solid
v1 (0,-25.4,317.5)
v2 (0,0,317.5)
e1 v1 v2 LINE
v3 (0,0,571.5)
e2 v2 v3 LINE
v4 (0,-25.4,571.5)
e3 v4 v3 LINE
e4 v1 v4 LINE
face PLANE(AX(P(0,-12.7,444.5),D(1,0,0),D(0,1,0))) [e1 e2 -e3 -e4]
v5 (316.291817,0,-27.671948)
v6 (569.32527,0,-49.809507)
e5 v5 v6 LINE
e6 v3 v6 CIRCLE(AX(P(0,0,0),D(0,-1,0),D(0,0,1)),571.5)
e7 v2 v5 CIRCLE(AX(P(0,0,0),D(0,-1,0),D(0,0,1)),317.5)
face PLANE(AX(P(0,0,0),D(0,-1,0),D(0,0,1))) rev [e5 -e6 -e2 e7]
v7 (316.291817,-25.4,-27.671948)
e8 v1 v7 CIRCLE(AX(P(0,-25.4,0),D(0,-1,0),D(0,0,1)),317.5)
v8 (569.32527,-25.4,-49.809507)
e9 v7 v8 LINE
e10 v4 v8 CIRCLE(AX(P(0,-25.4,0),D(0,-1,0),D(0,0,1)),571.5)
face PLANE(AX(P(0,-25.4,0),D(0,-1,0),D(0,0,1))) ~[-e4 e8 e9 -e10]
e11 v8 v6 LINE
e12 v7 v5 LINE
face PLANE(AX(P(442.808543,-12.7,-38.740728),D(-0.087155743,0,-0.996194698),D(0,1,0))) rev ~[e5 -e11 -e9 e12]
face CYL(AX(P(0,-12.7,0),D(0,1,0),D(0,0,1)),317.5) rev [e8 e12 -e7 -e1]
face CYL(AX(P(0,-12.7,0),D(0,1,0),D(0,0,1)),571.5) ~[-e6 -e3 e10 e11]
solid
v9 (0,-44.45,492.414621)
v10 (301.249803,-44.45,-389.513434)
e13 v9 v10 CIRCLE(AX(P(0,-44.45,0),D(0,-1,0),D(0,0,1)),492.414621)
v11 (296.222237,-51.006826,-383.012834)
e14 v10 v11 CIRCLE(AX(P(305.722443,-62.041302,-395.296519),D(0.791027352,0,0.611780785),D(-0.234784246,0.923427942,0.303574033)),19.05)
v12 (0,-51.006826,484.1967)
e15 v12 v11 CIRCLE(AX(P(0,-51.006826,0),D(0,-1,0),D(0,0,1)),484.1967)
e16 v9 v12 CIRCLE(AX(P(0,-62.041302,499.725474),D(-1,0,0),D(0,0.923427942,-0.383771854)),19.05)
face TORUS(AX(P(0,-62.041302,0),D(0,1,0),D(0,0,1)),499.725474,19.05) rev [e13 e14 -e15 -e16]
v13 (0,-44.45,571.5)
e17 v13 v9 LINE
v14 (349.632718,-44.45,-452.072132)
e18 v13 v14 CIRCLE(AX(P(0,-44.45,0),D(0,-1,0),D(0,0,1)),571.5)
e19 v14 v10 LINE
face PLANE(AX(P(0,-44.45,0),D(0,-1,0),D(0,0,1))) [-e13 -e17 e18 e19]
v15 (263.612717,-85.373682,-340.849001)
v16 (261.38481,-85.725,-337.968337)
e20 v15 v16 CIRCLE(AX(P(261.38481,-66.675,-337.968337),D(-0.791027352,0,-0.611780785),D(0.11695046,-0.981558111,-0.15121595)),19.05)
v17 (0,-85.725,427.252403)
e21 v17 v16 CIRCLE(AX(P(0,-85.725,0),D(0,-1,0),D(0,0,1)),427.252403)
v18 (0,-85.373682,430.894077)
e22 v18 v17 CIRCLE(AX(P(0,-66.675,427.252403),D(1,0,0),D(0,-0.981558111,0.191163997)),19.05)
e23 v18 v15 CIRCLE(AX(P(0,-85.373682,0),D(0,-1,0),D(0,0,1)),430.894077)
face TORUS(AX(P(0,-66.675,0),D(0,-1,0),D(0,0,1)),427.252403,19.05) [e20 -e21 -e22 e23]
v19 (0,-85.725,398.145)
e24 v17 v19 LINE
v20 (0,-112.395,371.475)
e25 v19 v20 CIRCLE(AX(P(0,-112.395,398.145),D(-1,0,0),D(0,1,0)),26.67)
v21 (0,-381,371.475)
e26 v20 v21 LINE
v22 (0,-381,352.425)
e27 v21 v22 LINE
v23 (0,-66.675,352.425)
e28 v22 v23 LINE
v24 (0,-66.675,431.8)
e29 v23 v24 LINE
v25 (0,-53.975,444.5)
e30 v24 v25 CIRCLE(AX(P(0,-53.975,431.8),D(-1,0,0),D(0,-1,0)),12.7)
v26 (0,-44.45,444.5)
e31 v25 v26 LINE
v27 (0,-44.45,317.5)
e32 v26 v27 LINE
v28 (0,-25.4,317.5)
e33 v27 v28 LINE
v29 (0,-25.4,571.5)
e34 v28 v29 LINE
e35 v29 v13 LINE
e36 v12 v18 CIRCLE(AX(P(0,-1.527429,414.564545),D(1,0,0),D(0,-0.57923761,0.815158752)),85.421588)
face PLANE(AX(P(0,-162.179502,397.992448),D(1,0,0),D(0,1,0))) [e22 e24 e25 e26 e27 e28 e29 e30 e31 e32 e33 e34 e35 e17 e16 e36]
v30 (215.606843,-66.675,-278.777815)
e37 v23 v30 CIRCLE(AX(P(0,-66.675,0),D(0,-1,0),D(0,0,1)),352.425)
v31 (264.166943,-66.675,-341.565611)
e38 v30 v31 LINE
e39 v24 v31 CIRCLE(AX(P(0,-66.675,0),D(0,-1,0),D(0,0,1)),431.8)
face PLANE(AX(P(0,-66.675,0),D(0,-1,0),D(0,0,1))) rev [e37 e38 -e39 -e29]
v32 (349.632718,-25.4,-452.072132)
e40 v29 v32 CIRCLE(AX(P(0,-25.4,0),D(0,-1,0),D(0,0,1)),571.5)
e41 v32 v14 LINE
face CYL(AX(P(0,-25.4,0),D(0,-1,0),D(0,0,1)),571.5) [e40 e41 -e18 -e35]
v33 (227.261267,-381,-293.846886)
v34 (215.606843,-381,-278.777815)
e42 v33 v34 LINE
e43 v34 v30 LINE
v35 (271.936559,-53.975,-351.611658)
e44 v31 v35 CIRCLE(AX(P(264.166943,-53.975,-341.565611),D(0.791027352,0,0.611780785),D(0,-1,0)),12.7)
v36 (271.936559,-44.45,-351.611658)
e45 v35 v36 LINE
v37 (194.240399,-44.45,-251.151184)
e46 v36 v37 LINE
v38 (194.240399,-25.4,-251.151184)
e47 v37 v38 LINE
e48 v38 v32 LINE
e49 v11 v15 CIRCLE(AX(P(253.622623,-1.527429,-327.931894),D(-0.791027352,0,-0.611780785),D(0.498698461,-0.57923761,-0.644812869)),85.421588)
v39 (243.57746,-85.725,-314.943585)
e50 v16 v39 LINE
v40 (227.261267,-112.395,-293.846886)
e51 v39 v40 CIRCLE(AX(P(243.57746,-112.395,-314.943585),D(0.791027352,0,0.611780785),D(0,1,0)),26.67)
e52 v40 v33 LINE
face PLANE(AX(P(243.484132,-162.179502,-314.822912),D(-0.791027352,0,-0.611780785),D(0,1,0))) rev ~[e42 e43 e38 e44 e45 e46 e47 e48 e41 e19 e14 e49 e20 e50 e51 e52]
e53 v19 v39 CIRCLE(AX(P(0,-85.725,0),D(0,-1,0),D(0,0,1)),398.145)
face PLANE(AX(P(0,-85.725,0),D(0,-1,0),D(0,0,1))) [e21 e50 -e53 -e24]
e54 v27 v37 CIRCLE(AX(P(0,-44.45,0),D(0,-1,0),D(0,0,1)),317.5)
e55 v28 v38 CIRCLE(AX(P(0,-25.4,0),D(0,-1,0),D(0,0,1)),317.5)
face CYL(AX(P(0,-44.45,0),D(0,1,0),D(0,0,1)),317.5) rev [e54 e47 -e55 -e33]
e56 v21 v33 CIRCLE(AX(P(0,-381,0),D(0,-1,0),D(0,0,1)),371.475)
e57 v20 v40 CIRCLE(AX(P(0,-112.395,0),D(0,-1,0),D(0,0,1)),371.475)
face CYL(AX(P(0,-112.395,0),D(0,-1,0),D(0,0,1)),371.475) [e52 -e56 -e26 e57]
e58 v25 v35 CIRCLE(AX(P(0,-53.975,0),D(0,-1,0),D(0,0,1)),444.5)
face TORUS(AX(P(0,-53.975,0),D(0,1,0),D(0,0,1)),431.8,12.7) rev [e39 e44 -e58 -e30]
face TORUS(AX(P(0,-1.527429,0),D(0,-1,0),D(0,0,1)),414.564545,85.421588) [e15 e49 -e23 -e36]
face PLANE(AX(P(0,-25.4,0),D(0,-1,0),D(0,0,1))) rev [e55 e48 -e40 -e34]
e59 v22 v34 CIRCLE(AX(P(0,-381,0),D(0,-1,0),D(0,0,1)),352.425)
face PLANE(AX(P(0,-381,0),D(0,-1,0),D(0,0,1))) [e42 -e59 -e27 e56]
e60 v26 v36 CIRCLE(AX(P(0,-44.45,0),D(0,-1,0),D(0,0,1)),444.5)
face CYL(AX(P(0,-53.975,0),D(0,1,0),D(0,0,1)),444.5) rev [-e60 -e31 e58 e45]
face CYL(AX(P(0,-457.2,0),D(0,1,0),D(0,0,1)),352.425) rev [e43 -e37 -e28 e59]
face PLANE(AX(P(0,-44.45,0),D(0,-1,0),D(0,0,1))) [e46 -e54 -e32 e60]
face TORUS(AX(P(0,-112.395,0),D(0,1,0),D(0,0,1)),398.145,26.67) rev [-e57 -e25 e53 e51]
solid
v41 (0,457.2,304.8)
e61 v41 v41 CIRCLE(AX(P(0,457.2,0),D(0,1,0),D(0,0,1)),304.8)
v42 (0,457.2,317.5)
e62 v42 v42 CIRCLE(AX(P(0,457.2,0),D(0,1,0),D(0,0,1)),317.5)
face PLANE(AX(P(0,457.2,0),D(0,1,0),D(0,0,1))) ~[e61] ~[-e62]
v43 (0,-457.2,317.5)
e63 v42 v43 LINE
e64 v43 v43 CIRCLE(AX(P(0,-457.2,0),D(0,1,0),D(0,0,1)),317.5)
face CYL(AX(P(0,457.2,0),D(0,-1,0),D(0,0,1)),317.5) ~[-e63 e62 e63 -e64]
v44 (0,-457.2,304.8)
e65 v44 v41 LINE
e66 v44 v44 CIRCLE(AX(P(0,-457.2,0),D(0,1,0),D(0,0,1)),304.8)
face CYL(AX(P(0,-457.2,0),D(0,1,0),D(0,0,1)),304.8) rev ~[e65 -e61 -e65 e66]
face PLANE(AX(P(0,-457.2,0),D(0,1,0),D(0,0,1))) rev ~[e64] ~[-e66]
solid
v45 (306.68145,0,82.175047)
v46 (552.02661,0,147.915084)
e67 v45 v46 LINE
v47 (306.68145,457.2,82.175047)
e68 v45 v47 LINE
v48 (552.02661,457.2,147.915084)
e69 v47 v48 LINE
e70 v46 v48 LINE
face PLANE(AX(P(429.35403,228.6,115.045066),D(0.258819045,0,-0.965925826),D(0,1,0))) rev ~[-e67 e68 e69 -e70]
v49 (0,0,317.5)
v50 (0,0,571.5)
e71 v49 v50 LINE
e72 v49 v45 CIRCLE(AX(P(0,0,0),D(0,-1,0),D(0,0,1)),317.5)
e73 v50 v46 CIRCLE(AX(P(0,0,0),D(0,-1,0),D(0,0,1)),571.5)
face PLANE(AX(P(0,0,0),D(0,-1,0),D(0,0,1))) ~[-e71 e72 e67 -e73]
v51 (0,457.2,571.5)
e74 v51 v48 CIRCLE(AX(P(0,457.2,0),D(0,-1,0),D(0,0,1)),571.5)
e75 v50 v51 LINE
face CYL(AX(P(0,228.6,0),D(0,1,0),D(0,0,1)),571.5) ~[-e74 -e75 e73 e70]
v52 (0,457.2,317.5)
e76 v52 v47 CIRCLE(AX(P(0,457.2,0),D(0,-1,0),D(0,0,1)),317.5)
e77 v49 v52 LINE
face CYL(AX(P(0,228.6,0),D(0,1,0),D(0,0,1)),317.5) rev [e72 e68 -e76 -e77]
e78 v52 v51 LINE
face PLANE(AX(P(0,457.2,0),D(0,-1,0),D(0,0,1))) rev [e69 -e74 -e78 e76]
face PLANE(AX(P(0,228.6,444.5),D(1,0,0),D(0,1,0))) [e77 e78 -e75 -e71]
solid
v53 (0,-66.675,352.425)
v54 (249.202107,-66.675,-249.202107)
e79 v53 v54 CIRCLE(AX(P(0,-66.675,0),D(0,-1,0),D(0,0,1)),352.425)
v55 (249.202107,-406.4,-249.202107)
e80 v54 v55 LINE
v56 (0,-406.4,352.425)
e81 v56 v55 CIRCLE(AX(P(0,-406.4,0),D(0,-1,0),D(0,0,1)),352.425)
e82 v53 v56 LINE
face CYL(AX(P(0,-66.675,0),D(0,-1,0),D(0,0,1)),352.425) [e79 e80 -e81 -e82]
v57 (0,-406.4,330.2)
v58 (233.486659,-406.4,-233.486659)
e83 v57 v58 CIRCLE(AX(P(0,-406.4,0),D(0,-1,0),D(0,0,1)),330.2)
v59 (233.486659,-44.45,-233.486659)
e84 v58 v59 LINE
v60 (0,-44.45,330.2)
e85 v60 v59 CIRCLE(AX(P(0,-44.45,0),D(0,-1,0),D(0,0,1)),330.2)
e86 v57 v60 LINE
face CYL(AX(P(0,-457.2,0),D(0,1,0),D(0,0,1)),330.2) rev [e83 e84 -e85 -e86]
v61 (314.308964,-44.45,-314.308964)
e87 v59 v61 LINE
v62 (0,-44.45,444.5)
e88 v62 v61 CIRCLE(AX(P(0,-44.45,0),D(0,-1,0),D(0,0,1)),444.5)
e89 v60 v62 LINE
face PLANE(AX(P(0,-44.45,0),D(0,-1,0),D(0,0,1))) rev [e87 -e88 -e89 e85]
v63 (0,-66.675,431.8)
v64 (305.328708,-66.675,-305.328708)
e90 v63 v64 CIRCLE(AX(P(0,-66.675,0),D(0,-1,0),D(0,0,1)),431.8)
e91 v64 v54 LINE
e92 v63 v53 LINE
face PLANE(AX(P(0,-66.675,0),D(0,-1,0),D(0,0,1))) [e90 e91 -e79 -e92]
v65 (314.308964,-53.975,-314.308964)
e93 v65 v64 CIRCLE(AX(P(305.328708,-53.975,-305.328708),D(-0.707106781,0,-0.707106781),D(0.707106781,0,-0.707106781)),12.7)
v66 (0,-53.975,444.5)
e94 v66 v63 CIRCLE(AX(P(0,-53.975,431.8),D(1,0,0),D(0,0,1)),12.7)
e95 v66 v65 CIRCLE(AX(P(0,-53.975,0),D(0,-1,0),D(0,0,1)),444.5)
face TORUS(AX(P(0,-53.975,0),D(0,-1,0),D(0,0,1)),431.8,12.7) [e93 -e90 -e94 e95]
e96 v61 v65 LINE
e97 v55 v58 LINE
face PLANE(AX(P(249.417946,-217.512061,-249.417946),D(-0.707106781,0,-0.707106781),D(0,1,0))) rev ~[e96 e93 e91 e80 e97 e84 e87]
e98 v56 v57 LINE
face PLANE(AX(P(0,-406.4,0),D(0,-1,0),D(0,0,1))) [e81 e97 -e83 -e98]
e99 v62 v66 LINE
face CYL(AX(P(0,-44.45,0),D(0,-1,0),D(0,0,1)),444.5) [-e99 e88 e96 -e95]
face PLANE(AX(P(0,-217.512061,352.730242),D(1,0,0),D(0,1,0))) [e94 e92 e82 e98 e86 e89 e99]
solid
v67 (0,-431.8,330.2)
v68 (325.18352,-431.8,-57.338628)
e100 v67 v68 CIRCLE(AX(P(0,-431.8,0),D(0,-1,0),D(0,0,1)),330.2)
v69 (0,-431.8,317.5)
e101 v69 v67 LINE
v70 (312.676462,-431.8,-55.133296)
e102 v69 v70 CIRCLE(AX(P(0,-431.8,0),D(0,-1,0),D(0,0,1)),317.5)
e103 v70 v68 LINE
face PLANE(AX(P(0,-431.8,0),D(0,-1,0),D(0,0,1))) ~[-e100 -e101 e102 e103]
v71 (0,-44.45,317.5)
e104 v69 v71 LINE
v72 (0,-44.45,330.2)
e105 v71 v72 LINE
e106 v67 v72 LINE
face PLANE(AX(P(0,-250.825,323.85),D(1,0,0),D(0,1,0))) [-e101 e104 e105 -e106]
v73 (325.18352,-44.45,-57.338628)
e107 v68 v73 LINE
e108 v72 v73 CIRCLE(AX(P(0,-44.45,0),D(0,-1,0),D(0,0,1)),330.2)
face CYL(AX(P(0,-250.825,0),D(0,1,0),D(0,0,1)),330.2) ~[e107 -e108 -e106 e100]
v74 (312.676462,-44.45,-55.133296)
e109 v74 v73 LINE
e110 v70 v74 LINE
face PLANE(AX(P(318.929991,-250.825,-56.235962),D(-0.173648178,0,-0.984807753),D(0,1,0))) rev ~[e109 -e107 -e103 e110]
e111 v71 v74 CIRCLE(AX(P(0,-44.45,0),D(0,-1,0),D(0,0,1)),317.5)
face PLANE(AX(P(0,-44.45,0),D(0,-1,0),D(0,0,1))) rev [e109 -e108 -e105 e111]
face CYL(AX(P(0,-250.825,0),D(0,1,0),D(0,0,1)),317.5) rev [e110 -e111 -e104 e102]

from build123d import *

# Parameters (mm, degrees)
F0_W     = 457.2
F0_H     = 254
F2_ANGLE = 285
F0_W_2   = 25.4
F3_ANGLE = 265
F4_ANGLE = 217.7183769571
F5_ANGLE = 225
F0_W_3   = 412.75
F0_H_2   = 12.7
F6_ANGLE = 260
F7_DEPTH = 76.2
F8_DEPTH = 50.8
F9_DEPTH = 25.4


with BuildPart() as f1:
    # F0 (on Right) → F1 (revolve)
    with BuildSketch(Plane.YZ):
        Polygon((-457.2, 317.5), (-457.2, 304.8), (457.2, 304.8), (457.2, 317.5), (0, 317.5), (-25.4, 317.5), (-44.45, 317.5), align=None)
    revolve(axis=Axis((0, 0, 0), (0, 1, 0)))


with BuildPart() as f2:
    # F0 (on Right) → F2 (revolve)
    with BuildSketch(Plane.YZ):
        with Locations((228.6, 444.5)):
            Rectangle(F0_W, F0_H)
    revolve(axis=Axis((0, 0, 0), (0, -1, 0)), revolution_arc=F2_ANGLE)


with BuildPart() as f3:
    # F0 (on Right) → F3 (revolve)
    with BuildSketch(Plane.YZ):
        with Locations((-12.7, 444.5)):
            Rectangle(F0_W_2, F0_H)
    revolve(axis=Axis((0, 0, 0), (0, -1, 0)), revolution_arc=F3_ANGLE)


with BuildPart() as f4:
    # F0 (on Right) → F4 (revolve)
    with BuildSketch(Plane.YZ):
        with BuildLine():
            Line((-44.45, 330.2), (-44.45, 317.5))
            Line((-44.45, 317.5), (-25.4, 317.5))
            Line((-25.4, 317.5), (-25.4, 571.5))
            Line((-25.4, 571.5), (-44.45, 571.5))
            Line((-44.45, 571.5), (-44.45, 492.4146206836))
            ThreePointArc((-44.45, 492.4146206836), (-47.1502863313, 487.8443910671), (-51.0068258264, 484.1967002713))
            ThreePointArc((-51.0068258264, 484.1967002713), (-73.3203578572, 460.8530223268), (-85.3736820235, 430.8940772818))
            ThreePointArc((-85.3736820235, 430.8940772818), (-85.6369670993, 429.081693634), (-85.725, 427.252403136))
            Line((-85.725, 427.252403136), (-85.725, 398.145))
            ThreePointArc((-85.725, 398.145), (-93.5364621458, 379.2864621458), (-112.395, 371.475))
            Line((-112.395, 371.475), (-457.2, 371.475))
            Line((-457.2, 371.475), (-457.2, 352.425))
            Line((-457.2, 352.425), (-66.675, 352.425))
            Line((-66.675, 352.425), (-66.675, 431.8))
            ThreePointArc((-66.675, 431.8), (-62.9552561211, 440.7802561211), (-53.975, 444.5))
            Line((-53.975, 444.5), (-44.45, 444.5))
            Line((-44.45, 444.5), (-44.45, 330.2))
        make_face()
    revolve(axis=Axis((0, -457.2, 0), (0, -1, 0)), revolution_arc=F4_ANGLE)

    # F7 (cut): a face of the model
    f7_faces = [f4.faces().sort_by_distance(p)[0] for p in [
        (-342.5031197971, -457.2, -116.9925334099),
    ]]
    extrude(f7_faces, amount=-F7_DEPTH, mode=Mode.SUBTRACT)


with BuildPart() as f5:
    # F0 (on Right) → F5 (revolve)
    with BuildSketch(Plane.YZ):
        with BuildLine():
            Line((-457.2, 352.425), (-457.2, 330.2))
            Line((-457.2, 330.2), (-44.45, 330.2))
            Line((-44.45, 330.2), (-44.45, 444.5))
            Line((-44.45, 444.5), (-53.975, 444.5))
            ThreePointArc((-53.975, 444.5), (-62.9552561211, 440.7802561211), (-66.675, 431.8))
            Line((-66.675, 431.8), (-66.675, 352.425))
            Line((-66.675, 352.425), (-457.2, 352.425))
        make_face()
    revolve(axis=Axis((0, 0, 0), (0, -1, 0)), revolution_arc=F5_ANGLE)

    # F8 (cut): a face of the model
    f8_faces = [f5.faces().sort_by_distance(p)[0] for p in [
        (-317.0366735097, -457.2, -131.3208899374),
    ]]
    extrude(f8_faces, amount=-F8_DEPTH, mode=Mode.SUBTRACT)


with BuildPart() as f6:
    # F0 (on Right) → F6 (revolve)
    with BuildSketch(Plane.YZ):
        with Locations((-250.825, 323.85)):
            Rectangle(F0_W_3, F0_H_2)
    revolve(axis=Axis((0, 0, 0), (0, -1, 0)), revolution_arc=F6_ANGLE)

    # F9 (cut): a face of the model
    f9_faces = [f6.faces().sort_by_distance(p)[0] for p in [
        (-245.8205500365, -457.2, -206.2679328714),
    ]]
    extrude(f9_faces, amount=-F9_DEPTH, mode=Mode.SUBTRACT)


solid = Compound([f1.part, f2.part, f3.part, f4.part, f5.part, f6.part])
